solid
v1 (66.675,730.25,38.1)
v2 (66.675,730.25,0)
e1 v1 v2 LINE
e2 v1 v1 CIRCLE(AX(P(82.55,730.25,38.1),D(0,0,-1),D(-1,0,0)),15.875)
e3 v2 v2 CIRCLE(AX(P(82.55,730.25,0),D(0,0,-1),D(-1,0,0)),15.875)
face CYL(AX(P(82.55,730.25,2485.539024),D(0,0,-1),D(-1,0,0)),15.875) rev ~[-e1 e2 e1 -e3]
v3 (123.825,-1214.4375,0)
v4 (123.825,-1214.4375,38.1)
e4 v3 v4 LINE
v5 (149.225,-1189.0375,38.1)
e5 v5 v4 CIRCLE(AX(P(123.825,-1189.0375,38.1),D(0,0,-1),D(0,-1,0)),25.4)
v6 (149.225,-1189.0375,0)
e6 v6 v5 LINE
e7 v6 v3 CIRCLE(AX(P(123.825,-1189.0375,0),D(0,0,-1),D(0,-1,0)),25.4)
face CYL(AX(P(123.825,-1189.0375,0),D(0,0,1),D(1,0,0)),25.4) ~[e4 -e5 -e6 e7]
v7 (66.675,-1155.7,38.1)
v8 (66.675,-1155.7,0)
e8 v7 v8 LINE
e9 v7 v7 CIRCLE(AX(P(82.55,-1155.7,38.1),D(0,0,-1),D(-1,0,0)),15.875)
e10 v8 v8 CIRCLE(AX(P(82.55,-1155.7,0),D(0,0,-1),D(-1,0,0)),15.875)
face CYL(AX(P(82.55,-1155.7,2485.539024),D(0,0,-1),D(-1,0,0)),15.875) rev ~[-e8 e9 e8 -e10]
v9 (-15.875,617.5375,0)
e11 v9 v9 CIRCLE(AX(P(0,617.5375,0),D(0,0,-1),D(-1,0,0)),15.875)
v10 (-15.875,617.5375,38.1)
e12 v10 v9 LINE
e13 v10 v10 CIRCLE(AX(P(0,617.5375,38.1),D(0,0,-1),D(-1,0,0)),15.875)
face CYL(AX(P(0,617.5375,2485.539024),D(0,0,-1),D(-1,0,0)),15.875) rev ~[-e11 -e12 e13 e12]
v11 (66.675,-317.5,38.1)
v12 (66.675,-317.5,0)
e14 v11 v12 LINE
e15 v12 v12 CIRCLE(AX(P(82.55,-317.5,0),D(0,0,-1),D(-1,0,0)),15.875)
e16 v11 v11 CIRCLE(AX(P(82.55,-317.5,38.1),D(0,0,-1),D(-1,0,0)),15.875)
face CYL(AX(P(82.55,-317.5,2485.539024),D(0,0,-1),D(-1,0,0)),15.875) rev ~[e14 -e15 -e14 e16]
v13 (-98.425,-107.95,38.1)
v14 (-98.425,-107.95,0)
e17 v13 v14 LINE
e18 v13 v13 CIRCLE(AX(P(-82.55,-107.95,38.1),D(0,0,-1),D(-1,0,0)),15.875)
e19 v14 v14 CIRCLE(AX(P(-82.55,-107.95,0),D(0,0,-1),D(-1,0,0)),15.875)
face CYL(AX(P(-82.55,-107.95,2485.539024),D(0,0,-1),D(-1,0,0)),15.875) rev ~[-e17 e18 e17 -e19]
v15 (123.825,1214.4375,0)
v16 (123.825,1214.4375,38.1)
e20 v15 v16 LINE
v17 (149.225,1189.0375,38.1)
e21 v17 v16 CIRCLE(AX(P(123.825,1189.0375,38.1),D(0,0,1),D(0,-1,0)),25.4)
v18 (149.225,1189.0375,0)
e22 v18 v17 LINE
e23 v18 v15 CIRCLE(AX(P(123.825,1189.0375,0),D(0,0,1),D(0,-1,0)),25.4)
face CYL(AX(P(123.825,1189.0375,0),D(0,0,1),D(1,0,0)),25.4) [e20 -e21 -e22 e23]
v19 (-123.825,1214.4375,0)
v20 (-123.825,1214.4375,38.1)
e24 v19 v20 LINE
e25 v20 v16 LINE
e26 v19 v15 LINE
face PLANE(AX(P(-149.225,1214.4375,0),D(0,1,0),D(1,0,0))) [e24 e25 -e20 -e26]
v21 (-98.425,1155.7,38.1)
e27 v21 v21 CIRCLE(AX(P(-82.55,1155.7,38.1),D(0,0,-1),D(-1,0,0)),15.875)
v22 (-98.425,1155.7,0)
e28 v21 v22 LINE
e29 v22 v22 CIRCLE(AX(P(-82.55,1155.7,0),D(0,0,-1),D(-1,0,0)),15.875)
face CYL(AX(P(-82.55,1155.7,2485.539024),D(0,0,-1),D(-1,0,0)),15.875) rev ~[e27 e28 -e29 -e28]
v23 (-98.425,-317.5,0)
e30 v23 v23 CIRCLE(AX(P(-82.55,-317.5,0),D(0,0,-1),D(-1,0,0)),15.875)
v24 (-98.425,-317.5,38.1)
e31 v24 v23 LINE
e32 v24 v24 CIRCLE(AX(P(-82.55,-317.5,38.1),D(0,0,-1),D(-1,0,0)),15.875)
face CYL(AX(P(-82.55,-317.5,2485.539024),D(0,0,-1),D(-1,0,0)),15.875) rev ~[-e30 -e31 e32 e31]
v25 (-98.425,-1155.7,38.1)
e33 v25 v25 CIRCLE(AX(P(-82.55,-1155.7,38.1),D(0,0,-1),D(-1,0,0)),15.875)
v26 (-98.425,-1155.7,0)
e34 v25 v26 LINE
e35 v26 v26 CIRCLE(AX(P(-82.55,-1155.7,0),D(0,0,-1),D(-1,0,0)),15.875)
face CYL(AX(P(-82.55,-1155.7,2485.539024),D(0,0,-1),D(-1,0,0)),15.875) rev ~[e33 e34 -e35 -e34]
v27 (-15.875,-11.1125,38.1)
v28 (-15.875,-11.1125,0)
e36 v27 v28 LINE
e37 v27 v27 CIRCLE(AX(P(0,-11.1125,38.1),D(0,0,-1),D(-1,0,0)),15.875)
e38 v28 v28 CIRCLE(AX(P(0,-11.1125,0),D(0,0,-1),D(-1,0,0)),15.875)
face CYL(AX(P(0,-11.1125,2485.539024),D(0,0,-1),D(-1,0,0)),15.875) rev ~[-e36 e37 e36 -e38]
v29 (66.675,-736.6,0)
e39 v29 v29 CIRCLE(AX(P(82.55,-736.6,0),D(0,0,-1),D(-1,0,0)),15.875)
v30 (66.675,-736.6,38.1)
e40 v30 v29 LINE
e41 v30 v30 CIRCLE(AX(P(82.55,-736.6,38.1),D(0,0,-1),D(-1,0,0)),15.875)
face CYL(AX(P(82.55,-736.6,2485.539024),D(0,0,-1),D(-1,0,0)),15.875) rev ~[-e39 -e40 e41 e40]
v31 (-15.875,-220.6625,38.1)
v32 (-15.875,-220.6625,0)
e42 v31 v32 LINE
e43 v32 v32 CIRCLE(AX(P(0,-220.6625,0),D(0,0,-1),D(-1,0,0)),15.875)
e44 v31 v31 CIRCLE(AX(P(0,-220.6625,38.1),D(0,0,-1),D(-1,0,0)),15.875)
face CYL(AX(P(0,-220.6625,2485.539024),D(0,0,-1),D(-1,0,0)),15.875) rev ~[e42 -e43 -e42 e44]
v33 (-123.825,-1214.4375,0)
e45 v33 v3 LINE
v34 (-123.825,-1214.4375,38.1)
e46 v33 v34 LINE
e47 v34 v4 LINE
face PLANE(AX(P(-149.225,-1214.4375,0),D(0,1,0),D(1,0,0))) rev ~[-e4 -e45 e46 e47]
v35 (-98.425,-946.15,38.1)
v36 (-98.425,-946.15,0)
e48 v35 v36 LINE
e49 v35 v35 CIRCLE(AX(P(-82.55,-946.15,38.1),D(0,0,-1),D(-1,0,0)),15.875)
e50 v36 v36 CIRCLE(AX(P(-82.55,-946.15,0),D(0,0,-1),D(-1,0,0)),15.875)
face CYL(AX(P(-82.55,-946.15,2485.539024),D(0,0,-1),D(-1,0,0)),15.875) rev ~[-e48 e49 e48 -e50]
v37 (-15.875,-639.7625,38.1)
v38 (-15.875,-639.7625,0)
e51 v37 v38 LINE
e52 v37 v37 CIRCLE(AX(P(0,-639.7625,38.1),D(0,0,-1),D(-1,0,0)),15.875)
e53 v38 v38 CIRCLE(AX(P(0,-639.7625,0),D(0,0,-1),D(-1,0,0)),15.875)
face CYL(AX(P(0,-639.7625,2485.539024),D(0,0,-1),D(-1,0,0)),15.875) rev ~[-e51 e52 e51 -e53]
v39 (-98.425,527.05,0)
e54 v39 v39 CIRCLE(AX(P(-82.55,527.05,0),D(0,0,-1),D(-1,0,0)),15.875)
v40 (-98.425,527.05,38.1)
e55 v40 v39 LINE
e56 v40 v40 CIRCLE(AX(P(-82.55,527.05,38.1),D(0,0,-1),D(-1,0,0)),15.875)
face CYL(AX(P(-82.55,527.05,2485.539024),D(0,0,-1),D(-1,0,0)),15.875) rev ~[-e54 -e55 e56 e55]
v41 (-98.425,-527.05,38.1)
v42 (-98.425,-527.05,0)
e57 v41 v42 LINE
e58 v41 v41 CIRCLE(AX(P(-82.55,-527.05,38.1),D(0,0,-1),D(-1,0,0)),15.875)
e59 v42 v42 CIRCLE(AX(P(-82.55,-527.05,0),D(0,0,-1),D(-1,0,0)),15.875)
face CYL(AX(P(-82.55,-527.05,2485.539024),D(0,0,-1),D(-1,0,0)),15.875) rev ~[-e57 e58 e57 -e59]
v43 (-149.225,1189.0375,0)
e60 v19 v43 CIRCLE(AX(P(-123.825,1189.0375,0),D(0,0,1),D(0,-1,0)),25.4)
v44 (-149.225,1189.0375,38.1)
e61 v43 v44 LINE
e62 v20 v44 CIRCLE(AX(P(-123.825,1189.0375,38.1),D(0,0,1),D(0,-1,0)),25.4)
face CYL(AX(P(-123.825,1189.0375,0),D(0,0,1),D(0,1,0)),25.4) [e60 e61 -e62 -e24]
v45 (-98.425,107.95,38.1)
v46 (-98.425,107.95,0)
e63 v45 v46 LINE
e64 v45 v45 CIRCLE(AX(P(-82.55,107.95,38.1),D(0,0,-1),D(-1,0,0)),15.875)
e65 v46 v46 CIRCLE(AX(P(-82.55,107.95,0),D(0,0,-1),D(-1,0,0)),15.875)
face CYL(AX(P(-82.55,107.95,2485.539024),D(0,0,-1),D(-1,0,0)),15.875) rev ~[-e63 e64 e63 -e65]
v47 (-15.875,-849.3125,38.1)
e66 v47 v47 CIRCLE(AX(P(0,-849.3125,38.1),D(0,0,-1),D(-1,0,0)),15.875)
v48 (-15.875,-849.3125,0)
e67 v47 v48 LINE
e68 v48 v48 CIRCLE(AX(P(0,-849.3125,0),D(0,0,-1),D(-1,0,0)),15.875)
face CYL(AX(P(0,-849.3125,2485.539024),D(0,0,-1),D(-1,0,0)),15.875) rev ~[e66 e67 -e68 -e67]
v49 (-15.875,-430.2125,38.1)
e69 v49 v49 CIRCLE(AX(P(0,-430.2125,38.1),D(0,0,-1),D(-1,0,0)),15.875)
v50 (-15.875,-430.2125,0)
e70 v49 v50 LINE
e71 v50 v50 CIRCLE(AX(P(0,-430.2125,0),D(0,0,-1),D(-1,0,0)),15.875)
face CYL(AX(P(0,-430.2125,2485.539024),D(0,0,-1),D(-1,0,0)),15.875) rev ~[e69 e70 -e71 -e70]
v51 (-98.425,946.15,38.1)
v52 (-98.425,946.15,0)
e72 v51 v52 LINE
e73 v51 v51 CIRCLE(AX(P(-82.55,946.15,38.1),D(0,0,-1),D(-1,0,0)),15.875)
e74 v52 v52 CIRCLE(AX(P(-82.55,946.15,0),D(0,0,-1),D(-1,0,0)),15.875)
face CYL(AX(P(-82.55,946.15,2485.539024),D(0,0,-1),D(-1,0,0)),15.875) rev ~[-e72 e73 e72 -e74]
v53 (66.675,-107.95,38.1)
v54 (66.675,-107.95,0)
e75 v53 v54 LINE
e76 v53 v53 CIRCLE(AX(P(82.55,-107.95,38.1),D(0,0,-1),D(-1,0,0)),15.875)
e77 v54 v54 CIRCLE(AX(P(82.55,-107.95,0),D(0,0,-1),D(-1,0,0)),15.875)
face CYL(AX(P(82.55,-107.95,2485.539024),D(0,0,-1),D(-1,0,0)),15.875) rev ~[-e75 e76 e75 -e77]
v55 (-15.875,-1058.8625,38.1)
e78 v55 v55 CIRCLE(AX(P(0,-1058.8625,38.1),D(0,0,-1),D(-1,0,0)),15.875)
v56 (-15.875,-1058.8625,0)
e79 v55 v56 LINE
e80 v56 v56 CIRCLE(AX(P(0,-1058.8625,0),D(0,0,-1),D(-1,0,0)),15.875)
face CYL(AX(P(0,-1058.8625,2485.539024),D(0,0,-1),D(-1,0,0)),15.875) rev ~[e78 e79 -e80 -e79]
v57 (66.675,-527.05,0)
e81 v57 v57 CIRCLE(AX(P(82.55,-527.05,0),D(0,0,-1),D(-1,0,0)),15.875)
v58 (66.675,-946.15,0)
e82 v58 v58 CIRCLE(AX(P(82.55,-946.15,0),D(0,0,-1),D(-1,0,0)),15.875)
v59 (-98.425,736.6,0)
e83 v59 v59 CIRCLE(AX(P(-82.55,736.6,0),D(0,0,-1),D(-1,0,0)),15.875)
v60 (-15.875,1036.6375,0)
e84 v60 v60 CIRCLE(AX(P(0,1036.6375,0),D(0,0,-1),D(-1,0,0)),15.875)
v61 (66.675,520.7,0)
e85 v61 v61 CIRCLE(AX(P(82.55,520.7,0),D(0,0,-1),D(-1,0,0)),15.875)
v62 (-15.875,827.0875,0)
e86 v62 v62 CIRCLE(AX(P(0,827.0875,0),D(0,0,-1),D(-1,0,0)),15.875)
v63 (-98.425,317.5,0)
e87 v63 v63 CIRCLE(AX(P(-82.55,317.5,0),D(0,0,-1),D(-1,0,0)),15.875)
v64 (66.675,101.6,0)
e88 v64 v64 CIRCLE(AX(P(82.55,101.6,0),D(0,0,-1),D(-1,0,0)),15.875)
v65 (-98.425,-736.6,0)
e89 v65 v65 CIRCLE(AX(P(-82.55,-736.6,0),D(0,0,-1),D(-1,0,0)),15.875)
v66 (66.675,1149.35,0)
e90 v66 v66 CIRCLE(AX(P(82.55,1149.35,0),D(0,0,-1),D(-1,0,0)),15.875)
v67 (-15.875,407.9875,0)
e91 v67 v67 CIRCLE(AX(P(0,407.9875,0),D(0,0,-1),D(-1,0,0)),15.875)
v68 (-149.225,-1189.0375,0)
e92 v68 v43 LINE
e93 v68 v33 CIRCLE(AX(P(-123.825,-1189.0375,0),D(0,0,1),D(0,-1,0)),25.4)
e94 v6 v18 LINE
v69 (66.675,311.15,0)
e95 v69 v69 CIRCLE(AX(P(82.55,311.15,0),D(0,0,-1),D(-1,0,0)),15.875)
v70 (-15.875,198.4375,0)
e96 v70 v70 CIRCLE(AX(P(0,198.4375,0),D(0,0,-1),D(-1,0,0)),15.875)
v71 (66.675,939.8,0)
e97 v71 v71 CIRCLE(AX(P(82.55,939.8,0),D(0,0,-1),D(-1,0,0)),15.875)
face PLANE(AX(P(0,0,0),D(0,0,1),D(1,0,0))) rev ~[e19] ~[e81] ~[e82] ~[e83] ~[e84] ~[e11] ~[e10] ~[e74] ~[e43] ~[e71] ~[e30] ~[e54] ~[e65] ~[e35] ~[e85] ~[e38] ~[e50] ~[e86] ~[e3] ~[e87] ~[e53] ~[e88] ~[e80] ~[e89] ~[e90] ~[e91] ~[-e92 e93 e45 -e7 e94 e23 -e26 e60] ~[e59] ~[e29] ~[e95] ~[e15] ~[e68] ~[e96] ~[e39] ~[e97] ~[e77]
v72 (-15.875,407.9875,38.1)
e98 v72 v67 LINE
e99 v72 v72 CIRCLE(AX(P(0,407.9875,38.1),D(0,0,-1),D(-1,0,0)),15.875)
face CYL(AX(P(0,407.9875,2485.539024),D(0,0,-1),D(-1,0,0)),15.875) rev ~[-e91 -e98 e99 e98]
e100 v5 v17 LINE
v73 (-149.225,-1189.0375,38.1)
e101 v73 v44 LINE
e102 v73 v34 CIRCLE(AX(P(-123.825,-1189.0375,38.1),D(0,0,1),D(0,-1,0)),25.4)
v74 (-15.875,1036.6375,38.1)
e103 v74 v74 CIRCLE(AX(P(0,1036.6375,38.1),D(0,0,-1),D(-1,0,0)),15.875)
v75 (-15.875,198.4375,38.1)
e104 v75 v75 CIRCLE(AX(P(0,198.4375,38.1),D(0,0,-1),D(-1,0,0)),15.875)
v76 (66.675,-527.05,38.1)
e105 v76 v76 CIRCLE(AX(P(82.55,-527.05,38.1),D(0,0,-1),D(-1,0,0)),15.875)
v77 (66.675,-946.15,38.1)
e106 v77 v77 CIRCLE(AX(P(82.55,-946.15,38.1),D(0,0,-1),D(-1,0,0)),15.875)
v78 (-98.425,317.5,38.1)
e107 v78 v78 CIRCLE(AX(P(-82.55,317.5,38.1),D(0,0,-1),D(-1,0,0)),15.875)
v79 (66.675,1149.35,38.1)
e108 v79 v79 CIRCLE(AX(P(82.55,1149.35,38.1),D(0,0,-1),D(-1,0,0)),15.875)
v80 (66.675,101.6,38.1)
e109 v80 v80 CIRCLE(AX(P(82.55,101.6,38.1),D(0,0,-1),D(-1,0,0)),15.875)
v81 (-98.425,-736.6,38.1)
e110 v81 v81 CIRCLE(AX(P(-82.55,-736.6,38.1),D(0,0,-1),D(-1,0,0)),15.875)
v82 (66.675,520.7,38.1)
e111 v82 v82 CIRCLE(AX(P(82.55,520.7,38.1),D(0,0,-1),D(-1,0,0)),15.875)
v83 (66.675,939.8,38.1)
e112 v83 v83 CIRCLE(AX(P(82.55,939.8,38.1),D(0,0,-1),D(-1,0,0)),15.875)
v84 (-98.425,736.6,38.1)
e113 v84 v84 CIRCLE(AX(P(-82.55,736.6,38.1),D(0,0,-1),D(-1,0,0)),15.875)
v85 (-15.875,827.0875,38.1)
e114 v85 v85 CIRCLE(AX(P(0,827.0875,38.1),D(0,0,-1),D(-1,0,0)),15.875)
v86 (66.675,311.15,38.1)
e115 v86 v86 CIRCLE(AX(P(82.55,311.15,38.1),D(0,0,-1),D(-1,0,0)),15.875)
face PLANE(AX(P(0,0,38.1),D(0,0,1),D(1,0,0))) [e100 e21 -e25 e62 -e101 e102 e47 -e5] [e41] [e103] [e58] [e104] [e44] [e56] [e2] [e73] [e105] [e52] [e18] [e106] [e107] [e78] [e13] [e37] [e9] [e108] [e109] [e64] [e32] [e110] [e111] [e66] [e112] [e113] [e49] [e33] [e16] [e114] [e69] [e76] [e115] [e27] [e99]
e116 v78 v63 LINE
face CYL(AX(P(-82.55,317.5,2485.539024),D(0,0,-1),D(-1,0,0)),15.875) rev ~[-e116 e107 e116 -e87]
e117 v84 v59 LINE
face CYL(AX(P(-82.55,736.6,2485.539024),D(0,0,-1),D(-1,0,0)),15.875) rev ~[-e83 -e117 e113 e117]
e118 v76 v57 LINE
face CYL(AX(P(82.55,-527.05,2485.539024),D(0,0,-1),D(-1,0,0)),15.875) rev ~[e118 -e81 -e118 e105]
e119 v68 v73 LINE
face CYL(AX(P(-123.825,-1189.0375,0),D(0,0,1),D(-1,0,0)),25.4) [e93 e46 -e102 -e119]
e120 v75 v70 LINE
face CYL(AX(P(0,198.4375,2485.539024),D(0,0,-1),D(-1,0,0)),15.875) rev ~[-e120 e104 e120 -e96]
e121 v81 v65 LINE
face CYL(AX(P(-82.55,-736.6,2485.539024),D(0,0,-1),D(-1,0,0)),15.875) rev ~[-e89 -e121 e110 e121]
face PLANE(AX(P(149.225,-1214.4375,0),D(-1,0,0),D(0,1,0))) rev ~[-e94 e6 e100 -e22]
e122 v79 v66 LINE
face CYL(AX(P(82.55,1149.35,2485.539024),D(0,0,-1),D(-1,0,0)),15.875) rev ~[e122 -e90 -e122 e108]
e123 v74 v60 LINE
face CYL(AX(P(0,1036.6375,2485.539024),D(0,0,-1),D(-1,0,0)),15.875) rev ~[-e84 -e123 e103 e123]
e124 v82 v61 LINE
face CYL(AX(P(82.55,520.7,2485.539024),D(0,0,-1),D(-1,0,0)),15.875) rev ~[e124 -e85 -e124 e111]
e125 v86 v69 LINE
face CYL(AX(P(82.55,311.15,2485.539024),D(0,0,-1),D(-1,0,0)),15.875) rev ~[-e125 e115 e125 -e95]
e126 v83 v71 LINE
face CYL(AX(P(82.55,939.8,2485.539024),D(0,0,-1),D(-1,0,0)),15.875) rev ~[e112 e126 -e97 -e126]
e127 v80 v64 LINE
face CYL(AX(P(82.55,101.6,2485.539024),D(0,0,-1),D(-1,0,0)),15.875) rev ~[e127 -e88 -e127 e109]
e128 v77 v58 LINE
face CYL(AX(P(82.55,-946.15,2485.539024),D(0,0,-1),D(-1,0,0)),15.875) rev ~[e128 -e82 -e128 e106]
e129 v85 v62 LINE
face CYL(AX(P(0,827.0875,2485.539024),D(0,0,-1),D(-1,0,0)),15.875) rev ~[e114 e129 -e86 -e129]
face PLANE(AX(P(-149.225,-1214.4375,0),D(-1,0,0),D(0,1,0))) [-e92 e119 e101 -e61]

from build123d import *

# Parameters (mm, degrees)
F0_W     = 298.45
F0_H     = 2428.875
F1_DEPTH = 38.1
F2_R     = 25.4
F3_R     = 25.4
F4_R     = 25.4
F6_D     = 31.75


with BuildPart() as f1:
    # F0 (on Top) → F1 (new body)
    with BuildSketch(Plane.XY):
        Rectangle(F0_W, F0_H)
    extrude(amount=F1_DEPTH)

    # F2
    f2_edges = [f1.edges().sort_by_distance(p)[0] for p in [
        (149.225, 1214.4375, 19.05),
    ]]
    fillet(f2_edges, radius=F2_R)

    # F3
    f3_edges = [f1.edges().sort_by_distance(p)[0] for p in [
        (-149.225, 1214.4375, 19.05),
    ]]
    fillet(f3_edges, radius=F3_R)

    # F4
    f4_edges = [f1.edges().sort_by_distance(p)[0] for p in [
        (-149.225, -1214.4375, 19.05),
        (149.225, -1214.4375, 19.05),
    ]]
    fillet(f4_edges, radius=F4_R)

    # F6 (through all)
    with Locations(Plane.XY.offset(38.1)):
        with Locations((-82.55, -1155.7), (82.55, -1155.7), (0, -1058.8625), (82.55, -946.15), (-82.55, -946.15), (0, 1036.6375), (82.55, 1149.35), (82.55, 939.8), (-82.55, 1155.7), (-82.55, 946.15), (0, 827.0875), (82.55, 730.25), (-82.55, 736.6), (0, 617.5375), (82.55, 520.7), (-82.55, 317.5), (0, 407.9875), (-82.55, 527.05), (82.55, 311.15), (0, 198.4375), (0, -11.1125), (-82.55, 107.95), (82.55, 101.6), (-82.55, -107.95), (82.55, -107.95), (0, -220.6625), (-82.55, -317.5), (0, -430.2125), (82.55, -317.5), (82.55, -527.05), (82.55, -736.6), (0, -849.3125), (-82.55, -736.6), (0, -639.7625), (-82.55, -527.05)):
            Hole(F6_D / 2)


solid = f1.part
